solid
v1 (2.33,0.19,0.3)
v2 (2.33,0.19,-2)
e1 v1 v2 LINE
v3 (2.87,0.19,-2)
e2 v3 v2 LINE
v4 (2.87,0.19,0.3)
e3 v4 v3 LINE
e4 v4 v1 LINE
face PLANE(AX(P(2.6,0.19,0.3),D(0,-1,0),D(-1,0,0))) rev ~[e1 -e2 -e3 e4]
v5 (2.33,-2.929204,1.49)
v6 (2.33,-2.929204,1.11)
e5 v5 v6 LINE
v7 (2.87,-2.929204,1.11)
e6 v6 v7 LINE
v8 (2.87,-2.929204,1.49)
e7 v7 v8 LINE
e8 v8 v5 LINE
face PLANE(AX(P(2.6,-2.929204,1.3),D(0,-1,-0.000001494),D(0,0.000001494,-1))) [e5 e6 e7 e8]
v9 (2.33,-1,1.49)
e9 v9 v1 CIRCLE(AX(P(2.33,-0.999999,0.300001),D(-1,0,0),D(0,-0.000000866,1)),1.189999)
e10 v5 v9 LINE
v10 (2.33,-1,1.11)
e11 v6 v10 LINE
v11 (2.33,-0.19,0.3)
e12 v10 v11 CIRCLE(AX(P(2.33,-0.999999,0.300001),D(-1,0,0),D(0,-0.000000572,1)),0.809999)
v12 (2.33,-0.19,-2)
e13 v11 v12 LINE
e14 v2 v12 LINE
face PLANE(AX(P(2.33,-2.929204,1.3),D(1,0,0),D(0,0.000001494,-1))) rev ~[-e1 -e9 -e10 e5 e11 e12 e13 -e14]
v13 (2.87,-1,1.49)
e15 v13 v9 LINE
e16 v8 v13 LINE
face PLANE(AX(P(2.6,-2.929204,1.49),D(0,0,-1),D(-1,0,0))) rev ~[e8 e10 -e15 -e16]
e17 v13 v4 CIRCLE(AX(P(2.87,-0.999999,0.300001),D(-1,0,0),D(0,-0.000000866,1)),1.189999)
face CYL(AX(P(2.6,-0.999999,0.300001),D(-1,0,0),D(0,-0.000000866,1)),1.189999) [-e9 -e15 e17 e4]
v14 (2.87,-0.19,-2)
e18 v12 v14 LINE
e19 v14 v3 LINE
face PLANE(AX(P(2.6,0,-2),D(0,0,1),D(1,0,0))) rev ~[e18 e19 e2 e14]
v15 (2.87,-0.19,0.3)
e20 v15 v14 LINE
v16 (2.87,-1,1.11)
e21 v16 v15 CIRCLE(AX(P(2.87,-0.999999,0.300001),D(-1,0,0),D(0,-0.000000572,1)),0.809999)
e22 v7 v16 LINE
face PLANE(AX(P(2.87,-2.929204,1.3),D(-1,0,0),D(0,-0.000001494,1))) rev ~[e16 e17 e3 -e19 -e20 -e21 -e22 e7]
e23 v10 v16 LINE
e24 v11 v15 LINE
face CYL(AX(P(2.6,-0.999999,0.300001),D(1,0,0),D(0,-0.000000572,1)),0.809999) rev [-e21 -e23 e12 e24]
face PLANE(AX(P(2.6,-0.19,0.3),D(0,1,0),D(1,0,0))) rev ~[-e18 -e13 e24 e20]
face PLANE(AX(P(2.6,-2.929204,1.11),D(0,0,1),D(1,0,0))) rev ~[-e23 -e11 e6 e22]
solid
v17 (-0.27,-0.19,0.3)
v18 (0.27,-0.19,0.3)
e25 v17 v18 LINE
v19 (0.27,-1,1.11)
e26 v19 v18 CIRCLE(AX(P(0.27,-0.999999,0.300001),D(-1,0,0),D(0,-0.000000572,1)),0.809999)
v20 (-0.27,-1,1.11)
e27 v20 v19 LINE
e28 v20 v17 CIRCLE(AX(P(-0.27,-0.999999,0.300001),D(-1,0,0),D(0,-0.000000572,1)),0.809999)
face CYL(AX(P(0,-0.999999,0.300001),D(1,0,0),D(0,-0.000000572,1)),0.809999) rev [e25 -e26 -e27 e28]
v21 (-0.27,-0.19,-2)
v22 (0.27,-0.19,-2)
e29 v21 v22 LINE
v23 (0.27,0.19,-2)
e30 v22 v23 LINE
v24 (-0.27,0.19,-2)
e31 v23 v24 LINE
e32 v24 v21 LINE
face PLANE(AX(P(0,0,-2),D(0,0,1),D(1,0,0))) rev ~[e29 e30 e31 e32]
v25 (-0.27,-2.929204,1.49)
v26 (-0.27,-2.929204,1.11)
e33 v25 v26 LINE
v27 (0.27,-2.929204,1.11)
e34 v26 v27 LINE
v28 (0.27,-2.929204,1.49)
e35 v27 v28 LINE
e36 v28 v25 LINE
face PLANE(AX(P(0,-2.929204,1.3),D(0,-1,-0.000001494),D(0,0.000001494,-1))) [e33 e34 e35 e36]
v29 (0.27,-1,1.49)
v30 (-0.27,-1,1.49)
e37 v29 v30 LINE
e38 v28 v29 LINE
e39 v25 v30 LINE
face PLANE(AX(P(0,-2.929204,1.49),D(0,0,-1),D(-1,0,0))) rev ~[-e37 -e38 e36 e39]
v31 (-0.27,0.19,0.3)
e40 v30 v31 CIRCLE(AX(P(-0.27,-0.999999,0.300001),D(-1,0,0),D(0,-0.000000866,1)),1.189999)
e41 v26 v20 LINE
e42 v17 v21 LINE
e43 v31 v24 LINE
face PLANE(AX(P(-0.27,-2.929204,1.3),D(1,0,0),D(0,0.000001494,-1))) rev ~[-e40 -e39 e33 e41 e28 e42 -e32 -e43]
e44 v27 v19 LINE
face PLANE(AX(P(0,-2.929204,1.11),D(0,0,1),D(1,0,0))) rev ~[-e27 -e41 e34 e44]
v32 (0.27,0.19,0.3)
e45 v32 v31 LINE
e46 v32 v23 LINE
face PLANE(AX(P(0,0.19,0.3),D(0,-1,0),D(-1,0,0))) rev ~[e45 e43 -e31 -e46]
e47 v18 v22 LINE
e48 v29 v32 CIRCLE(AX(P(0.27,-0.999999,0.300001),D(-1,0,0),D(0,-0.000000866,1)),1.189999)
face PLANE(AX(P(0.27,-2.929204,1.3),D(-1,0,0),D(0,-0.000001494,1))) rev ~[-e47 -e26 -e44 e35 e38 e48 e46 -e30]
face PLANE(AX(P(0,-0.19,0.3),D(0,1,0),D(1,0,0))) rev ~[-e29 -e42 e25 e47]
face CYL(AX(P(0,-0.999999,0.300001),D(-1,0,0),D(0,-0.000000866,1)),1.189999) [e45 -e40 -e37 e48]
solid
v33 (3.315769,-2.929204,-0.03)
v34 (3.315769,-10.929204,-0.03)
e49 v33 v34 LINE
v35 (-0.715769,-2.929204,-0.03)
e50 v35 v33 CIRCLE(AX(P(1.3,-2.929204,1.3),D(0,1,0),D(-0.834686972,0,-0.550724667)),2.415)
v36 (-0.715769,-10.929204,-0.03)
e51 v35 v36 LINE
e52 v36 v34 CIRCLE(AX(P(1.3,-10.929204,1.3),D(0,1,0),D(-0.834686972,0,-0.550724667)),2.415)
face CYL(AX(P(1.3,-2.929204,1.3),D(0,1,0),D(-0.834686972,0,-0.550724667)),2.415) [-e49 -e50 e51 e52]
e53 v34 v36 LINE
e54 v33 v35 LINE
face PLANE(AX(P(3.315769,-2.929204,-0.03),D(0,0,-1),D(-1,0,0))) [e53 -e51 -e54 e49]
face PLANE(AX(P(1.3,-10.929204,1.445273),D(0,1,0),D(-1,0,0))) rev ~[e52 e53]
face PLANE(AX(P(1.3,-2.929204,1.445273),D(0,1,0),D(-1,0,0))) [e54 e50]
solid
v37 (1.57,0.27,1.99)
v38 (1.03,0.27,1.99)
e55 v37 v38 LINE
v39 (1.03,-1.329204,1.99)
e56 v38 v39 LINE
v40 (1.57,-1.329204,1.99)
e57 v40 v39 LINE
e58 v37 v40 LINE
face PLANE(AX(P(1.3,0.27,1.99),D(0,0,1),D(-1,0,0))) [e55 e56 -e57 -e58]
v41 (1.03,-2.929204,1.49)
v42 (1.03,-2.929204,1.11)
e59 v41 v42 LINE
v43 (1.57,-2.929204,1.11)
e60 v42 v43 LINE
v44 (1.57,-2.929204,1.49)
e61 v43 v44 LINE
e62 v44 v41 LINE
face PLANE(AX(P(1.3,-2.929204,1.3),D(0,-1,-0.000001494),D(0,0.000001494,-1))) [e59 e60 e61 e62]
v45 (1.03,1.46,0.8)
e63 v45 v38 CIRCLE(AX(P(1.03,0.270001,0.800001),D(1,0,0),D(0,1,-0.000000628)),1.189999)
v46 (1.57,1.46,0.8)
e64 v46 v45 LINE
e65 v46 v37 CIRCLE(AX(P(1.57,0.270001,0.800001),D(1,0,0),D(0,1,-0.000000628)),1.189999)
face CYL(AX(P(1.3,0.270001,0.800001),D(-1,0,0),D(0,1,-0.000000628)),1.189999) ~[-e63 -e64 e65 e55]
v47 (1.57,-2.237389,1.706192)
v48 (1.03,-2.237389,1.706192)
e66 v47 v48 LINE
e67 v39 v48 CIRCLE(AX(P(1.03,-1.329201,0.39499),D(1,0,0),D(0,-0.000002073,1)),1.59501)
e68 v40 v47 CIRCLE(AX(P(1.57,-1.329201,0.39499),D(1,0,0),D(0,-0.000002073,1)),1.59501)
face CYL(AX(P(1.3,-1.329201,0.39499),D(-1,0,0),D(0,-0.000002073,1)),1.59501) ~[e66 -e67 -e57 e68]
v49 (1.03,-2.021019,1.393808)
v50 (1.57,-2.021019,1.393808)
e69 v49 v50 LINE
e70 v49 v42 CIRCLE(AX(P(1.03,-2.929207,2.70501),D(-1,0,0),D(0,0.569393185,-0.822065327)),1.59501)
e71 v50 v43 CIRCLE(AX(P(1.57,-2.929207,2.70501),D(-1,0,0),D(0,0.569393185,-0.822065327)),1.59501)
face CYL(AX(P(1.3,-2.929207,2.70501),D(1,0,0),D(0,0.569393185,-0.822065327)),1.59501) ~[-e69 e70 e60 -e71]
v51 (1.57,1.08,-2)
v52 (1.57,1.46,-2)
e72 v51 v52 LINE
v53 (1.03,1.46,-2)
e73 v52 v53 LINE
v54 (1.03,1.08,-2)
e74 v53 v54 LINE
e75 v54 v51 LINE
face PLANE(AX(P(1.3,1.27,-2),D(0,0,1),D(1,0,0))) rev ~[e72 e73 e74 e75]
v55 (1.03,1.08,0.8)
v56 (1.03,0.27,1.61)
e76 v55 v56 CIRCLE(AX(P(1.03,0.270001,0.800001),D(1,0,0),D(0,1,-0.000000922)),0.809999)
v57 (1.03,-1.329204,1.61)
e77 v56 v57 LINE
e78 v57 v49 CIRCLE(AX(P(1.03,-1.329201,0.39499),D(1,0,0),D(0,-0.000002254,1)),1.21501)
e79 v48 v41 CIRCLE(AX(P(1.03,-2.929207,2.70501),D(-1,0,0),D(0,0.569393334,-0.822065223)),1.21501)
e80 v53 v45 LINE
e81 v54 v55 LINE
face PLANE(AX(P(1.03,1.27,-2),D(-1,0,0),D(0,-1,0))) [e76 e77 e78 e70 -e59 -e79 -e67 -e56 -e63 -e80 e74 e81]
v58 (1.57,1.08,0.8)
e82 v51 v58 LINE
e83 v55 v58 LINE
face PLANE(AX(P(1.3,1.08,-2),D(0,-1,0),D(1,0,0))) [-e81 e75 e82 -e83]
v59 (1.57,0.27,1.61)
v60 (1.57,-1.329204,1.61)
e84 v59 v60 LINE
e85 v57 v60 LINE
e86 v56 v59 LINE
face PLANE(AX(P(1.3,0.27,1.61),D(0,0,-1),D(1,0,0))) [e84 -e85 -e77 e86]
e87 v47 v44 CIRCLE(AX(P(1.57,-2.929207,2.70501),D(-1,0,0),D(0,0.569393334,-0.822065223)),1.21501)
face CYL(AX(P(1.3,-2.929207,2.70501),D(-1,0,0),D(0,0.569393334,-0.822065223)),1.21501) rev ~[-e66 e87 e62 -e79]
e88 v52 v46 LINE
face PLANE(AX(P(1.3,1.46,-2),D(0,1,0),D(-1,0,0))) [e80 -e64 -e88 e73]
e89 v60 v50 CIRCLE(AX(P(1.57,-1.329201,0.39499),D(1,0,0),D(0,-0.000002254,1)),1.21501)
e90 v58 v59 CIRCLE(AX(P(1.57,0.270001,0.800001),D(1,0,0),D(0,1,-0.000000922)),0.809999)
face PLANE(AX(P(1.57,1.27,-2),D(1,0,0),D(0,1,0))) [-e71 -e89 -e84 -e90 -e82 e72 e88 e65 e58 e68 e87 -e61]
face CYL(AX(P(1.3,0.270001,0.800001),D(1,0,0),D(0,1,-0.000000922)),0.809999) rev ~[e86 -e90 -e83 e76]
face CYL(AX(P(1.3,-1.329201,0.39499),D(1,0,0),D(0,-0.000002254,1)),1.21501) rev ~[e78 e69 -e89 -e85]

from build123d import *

# Parameters (mm, degrees)
SKETCH006_W = 0.54
SKETCH006_H = 0.38
SKETCH008_W = 0.54
SKETCH008_H = 0.38
SKETCH010_W = 0.54
SKETCH010_H = 0.38
PAD_DEPTH   = 8


with BuildPart() as body001:
    # AdditivePipe: sweep along a path in Sketch005
    with BuildLine(Plane.YZ) as additivepipe_path:
        Line((-2.929204, 1.3), (-1, 1.3))
        ThreePointArc((-1, 1.3), (-0.292893, 1.007107), (0, 0.3))
        Line((0, 0.3), (0, -2))
    # Sketch006 → AdditivePipe (sweep)
    with BuildSketch(Plane.XY):
        Rectangle(SKETCH006_W, SKETCH006_H)
    sweep(path=additivepipe_path.line)


with BuildPart() as body002:
    # AdditivePipe001: sweep along a path in Sketch007
    with BuildLine(Plane.YZ) as additivepipe001_path:
        Line((-2.929204, 1.3), (-1, 1.3))
        ThreePointArc((-1, 1.3), (-0.292893, 1.007107), (0, 0.3))
        Line((0, 0.3), (0, -2))
    # Sketch008 → AdditivePipe001 (sweep)
    with BuildSketch(Plane.XY):
        with Locations((2.6, 0)):
            Rectangle(SKETCH008_W, SKETCH008_H)
    sweep(path=additivepipe001_path.line)


with BuildPart() as body003:
    # AdditivePipe002: sweep along a path in Sketch009
    with BuildLine(Plane.YZ) as additivepipe002_path:
        Line((1.27, -2), (1.27, 0.8))
        ThreePointArc((1.27, 0.8), (0.977107, 1.507107), (0.27, 1.8))
        Line((0.27, 1.8), (-1.329204, 1.8))
        ThreePointArc((-1.329204, 1.8), (-1.74828, 1.736044), (-2.129204, 1.55))
        ThreePointArc((-2.129204, 1.55), (-2.510128, 1.363956), (-2.929204, 1.3))
    # Sketch010 → AdditivePipe002 (sweep)
    with BuildSketch(Plane.XY):
        with Locations((1.3, 1.27)):
            Rectangle(SKETCH010_W, SKETCH010_H)
    sweep(path=additivepipe002_path.line)


with BuildPart() as housing:
    # Sketch011 (on DatumPlane) → Pad (new body)
    with BuildSketch(Plane(origin=(0, -2.929204, 1.3), x_dir=(-1, 0, 0), z_dir=(0, 1, 0))):
        with BuildLine():
            ThreePointArc((0.715769, -1.33), (-1.3, 2.415), (-3.315769, -1.33))
            Line((-3.315769, -1.33), (0.715769, -1.33))
        make_face()
    extrude(amount=-PAD_DEPTH)


solid = Compound([body001.part, body002.part, body003.part, housing.part])
